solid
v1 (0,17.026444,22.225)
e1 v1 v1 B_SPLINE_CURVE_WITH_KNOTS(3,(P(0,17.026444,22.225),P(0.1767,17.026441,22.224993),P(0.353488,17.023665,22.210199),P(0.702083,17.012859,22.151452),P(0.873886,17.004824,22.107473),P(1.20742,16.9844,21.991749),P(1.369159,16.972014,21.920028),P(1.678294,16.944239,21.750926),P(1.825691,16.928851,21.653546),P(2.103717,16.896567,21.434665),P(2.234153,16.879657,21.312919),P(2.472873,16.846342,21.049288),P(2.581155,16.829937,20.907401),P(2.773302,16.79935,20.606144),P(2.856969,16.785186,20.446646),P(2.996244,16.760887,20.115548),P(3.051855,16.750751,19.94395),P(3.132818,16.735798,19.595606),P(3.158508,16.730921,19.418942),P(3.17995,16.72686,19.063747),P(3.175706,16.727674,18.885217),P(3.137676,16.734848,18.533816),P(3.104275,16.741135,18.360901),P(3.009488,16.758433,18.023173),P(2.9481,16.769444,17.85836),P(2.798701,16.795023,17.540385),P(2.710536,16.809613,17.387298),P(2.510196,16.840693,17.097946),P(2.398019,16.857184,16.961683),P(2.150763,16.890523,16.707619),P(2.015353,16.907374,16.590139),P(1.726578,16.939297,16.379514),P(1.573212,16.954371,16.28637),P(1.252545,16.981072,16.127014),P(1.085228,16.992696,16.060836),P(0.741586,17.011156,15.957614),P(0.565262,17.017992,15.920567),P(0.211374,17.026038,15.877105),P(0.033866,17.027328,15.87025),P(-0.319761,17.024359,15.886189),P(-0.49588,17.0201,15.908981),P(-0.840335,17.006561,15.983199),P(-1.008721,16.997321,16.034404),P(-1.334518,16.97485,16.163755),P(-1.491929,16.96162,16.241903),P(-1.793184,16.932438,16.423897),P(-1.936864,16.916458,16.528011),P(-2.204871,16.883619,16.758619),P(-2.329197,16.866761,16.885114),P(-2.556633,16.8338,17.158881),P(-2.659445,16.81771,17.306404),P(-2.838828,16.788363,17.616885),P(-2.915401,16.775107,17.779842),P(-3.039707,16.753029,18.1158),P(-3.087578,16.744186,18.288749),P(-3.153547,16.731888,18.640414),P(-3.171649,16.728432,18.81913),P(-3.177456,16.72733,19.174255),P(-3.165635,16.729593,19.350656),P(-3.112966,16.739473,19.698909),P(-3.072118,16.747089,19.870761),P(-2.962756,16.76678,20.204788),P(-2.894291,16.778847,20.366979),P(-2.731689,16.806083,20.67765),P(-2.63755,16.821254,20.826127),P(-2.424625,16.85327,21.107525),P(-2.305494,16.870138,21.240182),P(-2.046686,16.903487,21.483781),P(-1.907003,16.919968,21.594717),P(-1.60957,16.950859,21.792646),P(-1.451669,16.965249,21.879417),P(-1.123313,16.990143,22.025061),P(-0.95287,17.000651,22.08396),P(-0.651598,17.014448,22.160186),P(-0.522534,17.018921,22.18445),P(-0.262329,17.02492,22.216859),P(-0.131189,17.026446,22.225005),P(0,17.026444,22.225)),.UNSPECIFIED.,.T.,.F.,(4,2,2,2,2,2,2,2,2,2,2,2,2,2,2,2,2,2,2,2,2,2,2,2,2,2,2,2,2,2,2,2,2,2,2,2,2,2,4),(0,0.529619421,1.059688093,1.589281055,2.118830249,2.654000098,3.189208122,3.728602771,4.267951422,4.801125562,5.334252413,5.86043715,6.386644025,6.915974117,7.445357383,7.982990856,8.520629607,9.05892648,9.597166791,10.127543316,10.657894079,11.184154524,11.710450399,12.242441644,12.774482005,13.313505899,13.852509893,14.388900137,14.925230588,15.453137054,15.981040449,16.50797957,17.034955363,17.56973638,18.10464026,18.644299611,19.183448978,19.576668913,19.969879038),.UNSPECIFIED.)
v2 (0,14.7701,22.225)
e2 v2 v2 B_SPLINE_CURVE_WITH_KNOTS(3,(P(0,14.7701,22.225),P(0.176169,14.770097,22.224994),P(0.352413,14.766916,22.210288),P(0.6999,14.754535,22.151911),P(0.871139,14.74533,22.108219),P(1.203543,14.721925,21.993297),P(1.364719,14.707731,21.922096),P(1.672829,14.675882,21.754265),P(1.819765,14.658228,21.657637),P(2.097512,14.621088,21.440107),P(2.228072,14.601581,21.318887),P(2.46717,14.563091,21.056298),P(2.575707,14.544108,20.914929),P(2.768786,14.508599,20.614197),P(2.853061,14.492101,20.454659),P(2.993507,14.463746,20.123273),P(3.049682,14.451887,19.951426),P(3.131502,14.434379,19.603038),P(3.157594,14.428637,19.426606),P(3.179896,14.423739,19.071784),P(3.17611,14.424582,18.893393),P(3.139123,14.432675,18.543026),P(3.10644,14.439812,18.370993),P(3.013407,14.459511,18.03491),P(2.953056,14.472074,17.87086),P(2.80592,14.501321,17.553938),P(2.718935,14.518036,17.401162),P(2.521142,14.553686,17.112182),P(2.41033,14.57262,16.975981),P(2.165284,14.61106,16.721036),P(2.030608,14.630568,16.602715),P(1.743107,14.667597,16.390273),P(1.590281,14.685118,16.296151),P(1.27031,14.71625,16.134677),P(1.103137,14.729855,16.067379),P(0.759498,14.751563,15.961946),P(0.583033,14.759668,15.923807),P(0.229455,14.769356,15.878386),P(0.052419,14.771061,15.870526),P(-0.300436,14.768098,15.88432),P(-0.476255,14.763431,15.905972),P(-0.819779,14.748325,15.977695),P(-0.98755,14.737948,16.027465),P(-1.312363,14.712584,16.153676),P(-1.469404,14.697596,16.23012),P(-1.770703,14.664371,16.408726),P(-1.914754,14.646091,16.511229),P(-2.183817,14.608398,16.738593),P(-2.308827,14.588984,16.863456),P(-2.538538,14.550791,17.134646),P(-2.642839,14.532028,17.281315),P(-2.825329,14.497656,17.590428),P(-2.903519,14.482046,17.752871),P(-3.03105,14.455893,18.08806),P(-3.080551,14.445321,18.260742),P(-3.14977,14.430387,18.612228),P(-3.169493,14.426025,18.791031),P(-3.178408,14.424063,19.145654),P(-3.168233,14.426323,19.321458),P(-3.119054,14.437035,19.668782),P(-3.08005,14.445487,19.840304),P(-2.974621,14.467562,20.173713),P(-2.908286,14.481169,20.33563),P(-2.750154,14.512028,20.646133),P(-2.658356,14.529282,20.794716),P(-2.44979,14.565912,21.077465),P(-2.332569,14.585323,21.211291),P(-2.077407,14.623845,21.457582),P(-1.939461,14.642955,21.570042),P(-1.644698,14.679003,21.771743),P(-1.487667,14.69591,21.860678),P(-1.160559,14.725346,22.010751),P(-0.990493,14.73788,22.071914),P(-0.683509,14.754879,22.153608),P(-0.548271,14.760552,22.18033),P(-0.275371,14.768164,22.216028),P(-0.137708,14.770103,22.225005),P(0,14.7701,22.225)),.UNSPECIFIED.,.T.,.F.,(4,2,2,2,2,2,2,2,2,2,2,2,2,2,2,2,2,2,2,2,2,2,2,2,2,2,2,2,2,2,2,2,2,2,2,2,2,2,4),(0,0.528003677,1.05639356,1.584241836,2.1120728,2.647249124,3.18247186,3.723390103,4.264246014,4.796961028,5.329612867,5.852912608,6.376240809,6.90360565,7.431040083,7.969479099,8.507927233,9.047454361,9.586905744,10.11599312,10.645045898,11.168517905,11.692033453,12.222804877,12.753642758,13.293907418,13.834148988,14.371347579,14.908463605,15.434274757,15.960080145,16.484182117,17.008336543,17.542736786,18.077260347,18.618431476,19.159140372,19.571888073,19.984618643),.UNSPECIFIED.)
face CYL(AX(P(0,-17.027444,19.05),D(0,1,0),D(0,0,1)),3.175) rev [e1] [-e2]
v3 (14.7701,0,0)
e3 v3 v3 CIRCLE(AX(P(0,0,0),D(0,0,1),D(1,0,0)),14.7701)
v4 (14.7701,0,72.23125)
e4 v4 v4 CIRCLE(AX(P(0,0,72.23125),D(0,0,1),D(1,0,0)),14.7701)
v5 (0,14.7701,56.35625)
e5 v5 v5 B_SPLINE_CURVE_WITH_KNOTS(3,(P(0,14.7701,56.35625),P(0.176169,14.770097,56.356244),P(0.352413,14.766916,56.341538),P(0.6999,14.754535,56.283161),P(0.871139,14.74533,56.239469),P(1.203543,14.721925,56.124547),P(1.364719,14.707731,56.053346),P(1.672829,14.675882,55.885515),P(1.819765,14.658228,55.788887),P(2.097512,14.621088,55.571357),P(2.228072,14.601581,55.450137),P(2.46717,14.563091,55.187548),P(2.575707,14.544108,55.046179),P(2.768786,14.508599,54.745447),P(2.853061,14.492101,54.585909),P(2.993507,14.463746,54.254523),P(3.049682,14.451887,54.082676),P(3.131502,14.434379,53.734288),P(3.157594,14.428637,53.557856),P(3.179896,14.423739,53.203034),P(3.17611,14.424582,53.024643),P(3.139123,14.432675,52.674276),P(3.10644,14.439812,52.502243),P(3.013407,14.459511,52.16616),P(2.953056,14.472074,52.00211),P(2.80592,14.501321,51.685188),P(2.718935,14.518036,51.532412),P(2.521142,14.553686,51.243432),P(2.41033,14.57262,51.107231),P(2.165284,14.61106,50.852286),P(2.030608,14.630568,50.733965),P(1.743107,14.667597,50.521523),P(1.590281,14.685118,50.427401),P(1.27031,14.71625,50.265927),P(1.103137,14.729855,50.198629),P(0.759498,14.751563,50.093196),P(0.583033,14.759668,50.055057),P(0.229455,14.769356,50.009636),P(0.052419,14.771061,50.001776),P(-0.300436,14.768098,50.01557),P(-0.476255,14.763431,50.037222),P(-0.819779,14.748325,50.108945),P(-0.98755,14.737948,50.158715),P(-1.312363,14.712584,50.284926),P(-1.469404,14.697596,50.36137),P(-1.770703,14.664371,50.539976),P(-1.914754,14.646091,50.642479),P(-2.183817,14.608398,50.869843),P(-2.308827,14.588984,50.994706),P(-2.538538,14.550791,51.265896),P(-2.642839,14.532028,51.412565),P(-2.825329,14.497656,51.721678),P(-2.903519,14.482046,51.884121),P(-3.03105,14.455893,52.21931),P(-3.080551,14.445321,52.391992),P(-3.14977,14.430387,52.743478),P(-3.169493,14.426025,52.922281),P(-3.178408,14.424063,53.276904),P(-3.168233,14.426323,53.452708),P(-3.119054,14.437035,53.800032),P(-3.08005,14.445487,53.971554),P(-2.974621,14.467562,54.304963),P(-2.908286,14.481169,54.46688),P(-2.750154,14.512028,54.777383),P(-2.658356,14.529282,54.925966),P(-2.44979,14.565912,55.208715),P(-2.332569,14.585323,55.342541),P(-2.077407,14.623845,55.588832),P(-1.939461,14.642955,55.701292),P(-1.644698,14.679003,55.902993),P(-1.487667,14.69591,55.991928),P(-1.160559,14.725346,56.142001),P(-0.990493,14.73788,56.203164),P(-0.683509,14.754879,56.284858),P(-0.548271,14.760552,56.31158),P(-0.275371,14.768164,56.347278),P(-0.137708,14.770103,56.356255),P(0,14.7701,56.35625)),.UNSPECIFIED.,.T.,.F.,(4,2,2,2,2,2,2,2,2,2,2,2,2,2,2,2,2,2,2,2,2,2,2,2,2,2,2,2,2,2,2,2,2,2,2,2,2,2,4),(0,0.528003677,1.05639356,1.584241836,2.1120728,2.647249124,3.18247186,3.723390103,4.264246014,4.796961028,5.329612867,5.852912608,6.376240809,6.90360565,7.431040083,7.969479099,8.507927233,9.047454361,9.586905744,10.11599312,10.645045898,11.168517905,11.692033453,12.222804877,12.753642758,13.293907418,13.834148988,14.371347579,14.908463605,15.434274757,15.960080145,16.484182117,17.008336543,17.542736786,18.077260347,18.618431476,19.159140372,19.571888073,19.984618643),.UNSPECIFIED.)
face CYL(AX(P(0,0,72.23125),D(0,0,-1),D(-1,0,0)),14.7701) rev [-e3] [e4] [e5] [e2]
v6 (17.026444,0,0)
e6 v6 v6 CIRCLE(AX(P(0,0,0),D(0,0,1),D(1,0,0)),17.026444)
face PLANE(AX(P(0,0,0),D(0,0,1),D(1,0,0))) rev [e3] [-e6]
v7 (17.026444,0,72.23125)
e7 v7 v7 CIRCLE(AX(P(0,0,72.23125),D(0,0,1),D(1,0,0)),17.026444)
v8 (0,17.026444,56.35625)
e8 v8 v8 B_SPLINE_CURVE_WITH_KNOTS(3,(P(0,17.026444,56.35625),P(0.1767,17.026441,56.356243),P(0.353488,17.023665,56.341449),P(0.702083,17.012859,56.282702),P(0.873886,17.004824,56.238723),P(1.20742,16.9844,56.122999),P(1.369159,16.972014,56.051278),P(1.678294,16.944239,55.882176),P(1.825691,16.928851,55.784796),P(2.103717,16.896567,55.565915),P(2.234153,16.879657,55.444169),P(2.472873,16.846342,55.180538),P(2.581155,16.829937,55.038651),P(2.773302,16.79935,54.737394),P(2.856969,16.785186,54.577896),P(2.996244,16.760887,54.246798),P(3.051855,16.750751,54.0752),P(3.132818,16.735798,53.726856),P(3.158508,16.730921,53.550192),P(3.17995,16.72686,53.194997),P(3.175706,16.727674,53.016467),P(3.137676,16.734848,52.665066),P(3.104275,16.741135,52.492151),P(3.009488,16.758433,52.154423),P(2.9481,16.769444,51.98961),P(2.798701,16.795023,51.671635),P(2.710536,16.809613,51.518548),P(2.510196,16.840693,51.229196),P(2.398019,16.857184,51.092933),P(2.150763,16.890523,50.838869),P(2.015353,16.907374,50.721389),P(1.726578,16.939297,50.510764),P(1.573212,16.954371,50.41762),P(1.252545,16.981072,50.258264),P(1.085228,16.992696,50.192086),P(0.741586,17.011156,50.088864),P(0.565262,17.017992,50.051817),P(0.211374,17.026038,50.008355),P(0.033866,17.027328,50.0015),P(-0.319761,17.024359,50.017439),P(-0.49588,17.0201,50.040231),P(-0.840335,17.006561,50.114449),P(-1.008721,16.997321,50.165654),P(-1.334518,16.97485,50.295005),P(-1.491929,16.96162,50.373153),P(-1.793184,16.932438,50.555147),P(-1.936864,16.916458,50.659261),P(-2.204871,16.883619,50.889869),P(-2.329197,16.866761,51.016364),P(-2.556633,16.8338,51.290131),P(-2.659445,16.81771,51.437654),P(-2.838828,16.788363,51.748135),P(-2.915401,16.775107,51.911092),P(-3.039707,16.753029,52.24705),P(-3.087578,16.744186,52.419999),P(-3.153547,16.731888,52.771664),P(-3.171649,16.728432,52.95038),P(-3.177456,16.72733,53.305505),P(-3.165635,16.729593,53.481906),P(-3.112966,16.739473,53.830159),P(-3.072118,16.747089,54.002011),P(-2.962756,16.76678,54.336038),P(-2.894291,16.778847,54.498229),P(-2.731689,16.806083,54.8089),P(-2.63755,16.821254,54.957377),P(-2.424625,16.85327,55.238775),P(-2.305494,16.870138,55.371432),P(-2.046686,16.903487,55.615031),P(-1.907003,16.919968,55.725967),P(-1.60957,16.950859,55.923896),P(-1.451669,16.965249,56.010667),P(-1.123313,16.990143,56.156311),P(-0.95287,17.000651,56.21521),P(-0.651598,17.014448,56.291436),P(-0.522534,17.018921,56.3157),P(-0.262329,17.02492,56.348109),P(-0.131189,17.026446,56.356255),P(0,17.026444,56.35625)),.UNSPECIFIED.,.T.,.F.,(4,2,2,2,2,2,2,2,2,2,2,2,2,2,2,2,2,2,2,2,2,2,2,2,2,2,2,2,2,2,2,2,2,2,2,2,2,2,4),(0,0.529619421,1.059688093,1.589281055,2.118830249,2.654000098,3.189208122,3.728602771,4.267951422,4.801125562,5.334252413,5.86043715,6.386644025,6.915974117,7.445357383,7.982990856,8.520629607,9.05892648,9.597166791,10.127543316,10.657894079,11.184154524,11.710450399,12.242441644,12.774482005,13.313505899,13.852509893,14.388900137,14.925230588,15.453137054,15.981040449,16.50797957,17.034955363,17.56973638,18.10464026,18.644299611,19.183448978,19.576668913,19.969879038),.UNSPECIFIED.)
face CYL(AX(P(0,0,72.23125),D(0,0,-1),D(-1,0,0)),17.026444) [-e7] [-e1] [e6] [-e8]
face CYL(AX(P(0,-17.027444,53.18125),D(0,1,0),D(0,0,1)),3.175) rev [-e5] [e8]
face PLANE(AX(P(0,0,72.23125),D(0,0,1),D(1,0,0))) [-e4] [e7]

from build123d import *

# Parameters (mm, degrees)
SKETCH1_R               = 17.02644387
SKETCH1_R_2             = 14.7701
BOSS_EXTRUDE1_DEPTH     = 72.23125
CUT_EXTRUDE1_REACH      = 83.651
CUT_EXTRUDE1_END_RADIUS = 14.7701
SKETCH2_R               = 3.175


with BuildPart() as part:
    # Sketch1 → Boss-Extrude1 (new body)
    with BuildSketch(Plane.XY):
        Circle(SKETCH1_R)
        Circle(SKETCH1_R_2, mode=Mode.SUBTRACT)
    extrude(amount=BOSS_EXTRUDE1_DEPTH)

    # Cut-Extrude1: up to this cylinder (the profile starts outside it)
    cut_extrude1_end = Plane(origin=(0, 0, 36.115625), z_dir=(0, 0, -1)) * Cylinder(CUT_EXTRUDE1_END_RADIUS, 231.97345, mode=Mode.PRIVATE)
    # Sketch2 → Cut-Extrude1 (cut, up to the surface)
    with BuildSketch(Plane(origin=(0, 17.02644387, 0), x_dir=(1, 0, 0), z_dir=(0, 1, 0)), mode=Mode.PRIVATE) as cut_extrude1_sk1:
        with Locations(Location((0, -53.18125, 0), (0, 0, 270))):
            Circle(SKETCH2_R)
    cut_extrude1_tool1 = extrude(cut_extrude1_sk1.sketch, amount=-CUT_EXTRUDE1_REACH, mode=Mode.PRIVATE) - cut_extrude1_end
    add(cut_extrude1_tool1.solids().sort_by_distance((0, 17.026444, 53.18125))[0], mode=Mode.SUBTRACT)
    # Sketch2 → Cut-Extrude1 (cut, up to the surface)
    with BuildSketch(Plane(origin=(0, 17.02644387, 0), x_dir=(1, 0, 0), z_dir=(0, 1, 0)), mode=Mode.PRIVATE) as cut_extrude1_sk2:
        with Locations(Location((0, -19.05, 0), (0, 0, 270))):
            Circle(SKETCH2_R)
    cut_extrude1_tool2 = extrude(cut_extrude1_sk2.sketch, amount=-CUT_EXTRUDE1_REACH, mode=Mode.PRIVATE) - cut_extrude1_end
    add(cut_extrude1_tool2.solids().sort_by_distance((0, 17.026444, 19.05))[0], mode=Mode.SUBTRACT)


solid = part.part
